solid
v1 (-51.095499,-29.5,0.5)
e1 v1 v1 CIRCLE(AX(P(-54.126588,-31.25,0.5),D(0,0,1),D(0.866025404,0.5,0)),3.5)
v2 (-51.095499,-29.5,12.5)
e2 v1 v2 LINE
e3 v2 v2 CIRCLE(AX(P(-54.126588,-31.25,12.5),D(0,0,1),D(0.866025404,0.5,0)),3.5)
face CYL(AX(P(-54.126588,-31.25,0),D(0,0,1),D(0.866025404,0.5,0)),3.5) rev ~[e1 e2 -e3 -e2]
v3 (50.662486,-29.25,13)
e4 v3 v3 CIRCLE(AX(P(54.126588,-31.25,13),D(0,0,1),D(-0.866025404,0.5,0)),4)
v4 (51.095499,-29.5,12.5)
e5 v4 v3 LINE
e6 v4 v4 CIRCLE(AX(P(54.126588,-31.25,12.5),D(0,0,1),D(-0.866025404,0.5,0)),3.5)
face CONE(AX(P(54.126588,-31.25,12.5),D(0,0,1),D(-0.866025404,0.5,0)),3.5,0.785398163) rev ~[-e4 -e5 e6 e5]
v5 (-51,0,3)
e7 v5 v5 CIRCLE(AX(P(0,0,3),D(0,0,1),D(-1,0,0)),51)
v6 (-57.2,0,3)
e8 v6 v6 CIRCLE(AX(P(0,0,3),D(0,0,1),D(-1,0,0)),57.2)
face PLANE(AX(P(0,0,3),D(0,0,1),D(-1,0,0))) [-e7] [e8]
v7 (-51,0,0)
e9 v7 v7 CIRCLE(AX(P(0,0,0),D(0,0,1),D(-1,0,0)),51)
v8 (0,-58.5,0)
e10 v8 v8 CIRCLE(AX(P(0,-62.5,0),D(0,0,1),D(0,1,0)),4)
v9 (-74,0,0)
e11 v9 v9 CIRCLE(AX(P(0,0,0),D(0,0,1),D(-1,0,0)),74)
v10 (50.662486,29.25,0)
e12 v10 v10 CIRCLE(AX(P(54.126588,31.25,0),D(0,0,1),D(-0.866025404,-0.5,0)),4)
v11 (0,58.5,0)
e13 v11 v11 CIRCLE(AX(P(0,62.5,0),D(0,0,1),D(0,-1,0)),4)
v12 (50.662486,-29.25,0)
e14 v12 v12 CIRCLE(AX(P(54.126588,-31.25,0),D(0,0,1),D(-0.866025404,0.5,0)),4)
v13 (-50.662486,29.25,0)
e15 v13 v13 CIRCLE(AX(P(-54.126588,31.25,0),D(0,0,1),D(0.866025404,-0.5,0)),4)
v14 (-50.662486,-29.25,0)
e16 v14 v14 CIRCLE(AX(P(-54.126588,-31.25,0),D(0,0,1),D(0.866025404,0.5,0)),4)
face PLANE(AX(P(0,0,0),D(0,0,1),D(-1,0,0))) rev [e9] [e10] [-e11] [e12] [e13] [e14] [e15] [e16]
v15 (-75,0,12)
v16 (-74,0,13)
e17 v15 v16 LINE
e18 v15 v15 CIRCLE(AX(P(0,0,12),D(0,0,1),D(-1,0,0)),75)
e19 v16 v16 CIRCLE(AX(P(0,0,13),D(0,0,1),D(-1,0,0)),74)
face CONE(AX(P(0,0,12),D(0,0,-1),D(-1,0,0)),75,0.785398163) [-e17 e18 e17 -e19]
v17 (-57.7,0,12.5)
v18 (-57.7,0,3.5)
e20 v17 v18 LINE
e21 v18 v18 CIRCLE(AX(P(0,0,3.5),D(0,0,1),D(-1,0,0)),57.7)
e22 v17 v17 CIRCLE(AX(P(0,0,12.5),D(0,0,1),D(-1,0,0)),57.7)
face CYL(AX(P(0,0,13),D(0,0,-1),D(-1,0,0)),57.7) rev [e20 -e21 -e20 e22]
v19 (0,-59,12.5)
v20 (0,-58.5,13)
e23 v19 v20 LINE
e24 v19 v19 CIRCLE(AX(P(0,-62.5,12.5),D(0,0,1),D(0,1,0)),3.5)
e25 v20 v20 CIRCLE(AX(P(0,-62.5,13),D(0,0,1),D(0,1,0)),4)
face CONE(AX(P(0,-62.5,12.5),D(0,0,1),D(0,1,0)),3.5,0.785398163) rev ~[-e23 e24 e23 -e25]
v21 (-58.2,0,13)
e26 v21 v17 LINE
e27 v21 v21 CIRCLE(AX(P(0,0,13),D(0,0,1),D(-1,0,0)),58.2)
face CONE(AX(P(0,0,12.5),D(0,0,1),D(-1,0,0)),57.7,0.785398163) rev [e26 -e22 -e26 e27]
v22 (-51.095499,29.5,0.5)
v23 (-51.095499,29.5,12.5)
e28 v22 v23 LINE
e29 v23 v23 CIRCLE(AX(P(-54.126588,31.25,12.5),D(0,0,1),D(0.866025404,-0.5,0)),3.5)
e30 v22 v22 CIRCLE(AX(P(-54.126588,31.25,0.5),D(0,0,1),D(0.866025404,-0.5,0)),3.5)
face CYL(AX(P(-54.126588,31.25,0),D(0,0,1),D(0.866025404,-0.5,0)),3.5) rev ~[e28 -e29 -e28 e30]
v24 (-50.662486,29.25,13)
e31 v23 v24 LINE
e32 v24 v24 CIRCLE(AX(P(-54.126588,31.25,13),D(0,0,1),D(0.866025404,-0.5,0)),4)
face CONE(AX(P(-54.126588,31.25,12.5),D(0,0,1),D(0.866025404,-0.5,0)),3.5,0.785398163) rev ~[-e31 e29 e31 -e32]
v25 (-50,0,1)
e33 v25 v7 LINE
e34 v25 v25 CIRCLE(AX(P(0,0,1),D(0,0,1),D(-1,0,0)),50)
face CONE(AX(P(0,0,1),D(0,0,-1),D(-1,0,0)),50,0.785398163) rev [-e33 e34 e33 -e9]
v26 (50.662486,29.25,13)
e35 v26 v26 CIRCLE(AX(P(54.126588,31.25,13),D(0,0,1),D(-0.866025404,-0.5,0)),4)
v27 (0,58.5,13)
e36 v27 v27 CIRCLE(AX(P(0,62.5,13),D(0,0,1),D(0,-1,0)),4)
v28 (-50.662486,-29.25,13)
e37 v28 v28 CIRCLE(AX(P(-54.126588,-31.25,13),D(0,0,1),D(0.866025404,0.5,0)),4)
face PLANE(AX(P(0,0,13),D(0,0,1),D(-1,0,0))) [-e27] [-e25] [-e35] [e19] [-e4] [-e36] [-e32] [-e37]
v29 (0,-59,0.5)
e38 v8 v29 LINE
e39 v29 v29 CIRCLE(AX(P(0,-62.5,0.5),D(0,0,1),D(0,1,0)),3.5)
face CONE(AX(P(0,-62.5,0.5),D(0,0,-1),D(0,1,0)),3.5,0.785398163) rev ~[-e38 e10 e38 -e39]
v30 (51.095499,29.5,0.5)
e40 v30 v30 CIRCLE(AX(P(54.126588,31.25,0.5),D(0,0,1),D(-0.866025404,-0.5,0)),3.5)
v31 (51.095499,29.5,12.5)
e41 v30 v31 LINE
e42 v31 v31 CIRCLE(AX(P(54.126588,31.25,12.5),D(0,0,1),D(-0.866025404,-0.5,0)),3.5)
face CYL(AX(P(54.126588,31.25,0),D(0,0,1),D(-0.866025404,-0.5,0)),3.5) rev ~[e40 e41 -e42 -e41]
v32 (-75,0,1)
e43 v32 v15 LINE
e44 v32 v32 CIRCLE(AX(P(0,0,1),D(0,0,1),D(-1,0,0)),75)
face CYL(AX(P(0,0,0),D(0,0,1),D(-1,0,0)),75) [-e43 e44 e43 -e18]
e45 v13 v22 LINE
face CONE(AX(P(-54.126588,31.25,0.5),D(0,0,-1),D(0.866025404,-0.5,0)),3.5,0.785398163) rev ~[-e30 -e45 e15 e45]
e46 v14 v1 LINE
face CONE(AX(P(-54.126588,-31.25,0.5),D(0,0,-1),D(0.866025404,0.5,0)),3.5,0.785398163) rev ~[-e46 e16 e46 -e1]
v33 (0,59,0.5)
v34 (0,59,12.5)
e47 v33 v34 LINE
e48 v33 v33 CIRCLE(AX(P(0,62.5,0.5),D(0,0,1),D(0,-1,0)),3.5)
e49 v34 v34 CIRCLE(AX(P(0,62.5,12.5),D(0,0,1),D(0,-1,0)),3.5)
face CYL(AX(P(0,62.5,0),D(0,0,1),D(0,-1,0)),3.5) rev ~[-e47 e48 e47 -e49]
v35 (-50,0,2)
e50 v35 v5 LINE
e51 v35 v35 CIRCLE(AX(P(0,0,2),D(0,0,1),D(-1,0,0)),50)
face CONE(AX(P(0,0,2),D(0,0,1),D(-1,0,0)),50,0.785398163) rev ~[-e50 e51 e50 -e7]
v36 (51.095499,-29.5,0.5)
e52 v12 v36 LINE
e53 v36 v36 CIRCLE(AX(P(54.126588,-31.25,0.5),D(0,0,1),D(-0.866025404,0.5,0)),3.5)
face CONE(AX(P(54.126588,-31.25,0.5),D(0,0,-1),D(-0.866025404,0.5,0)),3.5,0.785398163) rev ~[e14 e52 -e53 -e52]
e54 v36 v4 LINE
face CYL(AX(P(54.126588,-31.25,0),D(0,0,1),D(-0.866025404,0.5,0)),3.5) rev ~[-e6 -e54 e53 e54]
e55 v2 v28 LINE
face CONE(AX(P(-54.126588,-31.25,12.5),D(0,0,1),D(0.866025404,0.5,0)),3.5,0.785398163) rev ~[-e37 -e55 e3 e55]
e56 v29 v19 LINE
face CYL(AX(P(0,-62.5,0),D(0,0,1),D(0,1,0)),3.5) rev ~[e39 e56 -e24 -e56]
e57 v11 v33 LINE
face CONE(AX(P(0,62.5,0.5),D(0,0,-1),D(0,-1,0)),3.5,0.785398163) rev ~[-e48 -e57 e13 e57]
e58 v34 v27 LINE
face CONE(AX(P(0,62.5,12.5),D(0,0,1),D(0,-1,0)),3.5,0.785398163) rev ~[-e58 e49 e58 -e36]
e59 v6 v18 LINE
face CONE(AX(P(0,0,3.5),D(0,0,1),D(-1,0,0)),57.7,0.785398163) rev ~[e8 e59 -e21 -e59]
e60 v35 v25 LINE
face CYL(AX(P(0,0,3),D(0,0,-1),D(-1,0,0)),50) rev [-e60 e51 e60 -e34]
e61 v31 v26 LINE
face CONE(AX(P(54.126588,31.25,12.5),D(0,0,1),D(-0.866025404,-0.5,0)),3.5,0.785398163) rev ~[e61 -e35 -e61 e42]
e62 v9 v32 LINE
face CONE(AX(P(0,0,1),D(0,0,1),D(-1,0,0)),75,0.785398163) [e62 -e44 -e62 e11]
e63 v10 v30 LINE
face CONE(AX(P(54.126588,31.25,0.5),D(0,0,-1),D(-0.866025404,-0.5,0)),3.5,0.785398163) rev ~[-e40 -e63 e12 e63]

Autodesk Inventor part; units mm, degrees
ref_plane "YZ Plane" through (0, 0, 0) normal (1, 0, 0) x (0, 1, 0)
ref_plane "XZ Plane" through (0, 0, 0) normal (0, 1, 0) x (-1, 0, 0)
ref_plane "XY Plane" through (0, 0, 0) normal (0, 0, 1) x (1, 0, 0)
sketch "Sketch2" plane through (0, 0, 0) normal (0, 1, 0) x (-1, 0, 0)
  line L0 (0, 0) -> (0, 13)
  line L1 (50, 0) -> (75, 0)
  line L2 (75, 0) -> (75, 13)
  line L3 (75, 13) -> (57.7, 13)
  line L4 (57.7, 13) -> (57.7, 3)
  line L5 (57.7, 3) -> (50, 3)
  line L6 (50, 3) -> (50, 0)
  dimension "d1" = 100
  dimension "d2" = 150
  dimension "d3" = 115.4
  dimension "d4" = 3
  dimension "d5" = 10
revolve "Revolution1" add sketch "Sketch2" angle 360 about axis through (0, 0, 0) along (0, 0, 1)
sketch "Sketch3" plane through (0, 0, 0) normal (0, 0, -1) x (-1, 0, 0)
  circle A0 centre (0, 0) radius 62.5 construction
  point P0 (0, -62.5)
  dimension "d7" = 125
hole "Hole1" at (0, -62.5, 0) direction (0, 0, 1) diameter 7 end through all
pattern_circular "Circular Pattern1" count 6 over 360 about axis through (0, 0, -10) along (0, 0, 1) of "Hole1"
chamfer "Chamfer1" distance 1 angle 45 4 edges at (75, 0, 0) (50, 0, 0) (50, 0, 3) (75, 0, 13)
chamfer "Chamfer2" distance 0.5 angle 45 12 edges at (57.1577, 33, 0) (0, 66, 0) (-57.1577, 33, 0) (-57.1577, -33, 0) (0, -66, 0) (57.1577, -33, 0) (57.1577, 33, 13) (57.1577, -33, 13) (0, -66, 13) (-57.1577, -33, 13) (-57.1577, 33, 13) (0, 66, 13)
chamfer "Chamfer3" distance 0.5 angle 45 2 edges at (57.7, 0, 13) (57.7, 0, 3)
properties part number "akf-100-window" material "ABS Plastic"
